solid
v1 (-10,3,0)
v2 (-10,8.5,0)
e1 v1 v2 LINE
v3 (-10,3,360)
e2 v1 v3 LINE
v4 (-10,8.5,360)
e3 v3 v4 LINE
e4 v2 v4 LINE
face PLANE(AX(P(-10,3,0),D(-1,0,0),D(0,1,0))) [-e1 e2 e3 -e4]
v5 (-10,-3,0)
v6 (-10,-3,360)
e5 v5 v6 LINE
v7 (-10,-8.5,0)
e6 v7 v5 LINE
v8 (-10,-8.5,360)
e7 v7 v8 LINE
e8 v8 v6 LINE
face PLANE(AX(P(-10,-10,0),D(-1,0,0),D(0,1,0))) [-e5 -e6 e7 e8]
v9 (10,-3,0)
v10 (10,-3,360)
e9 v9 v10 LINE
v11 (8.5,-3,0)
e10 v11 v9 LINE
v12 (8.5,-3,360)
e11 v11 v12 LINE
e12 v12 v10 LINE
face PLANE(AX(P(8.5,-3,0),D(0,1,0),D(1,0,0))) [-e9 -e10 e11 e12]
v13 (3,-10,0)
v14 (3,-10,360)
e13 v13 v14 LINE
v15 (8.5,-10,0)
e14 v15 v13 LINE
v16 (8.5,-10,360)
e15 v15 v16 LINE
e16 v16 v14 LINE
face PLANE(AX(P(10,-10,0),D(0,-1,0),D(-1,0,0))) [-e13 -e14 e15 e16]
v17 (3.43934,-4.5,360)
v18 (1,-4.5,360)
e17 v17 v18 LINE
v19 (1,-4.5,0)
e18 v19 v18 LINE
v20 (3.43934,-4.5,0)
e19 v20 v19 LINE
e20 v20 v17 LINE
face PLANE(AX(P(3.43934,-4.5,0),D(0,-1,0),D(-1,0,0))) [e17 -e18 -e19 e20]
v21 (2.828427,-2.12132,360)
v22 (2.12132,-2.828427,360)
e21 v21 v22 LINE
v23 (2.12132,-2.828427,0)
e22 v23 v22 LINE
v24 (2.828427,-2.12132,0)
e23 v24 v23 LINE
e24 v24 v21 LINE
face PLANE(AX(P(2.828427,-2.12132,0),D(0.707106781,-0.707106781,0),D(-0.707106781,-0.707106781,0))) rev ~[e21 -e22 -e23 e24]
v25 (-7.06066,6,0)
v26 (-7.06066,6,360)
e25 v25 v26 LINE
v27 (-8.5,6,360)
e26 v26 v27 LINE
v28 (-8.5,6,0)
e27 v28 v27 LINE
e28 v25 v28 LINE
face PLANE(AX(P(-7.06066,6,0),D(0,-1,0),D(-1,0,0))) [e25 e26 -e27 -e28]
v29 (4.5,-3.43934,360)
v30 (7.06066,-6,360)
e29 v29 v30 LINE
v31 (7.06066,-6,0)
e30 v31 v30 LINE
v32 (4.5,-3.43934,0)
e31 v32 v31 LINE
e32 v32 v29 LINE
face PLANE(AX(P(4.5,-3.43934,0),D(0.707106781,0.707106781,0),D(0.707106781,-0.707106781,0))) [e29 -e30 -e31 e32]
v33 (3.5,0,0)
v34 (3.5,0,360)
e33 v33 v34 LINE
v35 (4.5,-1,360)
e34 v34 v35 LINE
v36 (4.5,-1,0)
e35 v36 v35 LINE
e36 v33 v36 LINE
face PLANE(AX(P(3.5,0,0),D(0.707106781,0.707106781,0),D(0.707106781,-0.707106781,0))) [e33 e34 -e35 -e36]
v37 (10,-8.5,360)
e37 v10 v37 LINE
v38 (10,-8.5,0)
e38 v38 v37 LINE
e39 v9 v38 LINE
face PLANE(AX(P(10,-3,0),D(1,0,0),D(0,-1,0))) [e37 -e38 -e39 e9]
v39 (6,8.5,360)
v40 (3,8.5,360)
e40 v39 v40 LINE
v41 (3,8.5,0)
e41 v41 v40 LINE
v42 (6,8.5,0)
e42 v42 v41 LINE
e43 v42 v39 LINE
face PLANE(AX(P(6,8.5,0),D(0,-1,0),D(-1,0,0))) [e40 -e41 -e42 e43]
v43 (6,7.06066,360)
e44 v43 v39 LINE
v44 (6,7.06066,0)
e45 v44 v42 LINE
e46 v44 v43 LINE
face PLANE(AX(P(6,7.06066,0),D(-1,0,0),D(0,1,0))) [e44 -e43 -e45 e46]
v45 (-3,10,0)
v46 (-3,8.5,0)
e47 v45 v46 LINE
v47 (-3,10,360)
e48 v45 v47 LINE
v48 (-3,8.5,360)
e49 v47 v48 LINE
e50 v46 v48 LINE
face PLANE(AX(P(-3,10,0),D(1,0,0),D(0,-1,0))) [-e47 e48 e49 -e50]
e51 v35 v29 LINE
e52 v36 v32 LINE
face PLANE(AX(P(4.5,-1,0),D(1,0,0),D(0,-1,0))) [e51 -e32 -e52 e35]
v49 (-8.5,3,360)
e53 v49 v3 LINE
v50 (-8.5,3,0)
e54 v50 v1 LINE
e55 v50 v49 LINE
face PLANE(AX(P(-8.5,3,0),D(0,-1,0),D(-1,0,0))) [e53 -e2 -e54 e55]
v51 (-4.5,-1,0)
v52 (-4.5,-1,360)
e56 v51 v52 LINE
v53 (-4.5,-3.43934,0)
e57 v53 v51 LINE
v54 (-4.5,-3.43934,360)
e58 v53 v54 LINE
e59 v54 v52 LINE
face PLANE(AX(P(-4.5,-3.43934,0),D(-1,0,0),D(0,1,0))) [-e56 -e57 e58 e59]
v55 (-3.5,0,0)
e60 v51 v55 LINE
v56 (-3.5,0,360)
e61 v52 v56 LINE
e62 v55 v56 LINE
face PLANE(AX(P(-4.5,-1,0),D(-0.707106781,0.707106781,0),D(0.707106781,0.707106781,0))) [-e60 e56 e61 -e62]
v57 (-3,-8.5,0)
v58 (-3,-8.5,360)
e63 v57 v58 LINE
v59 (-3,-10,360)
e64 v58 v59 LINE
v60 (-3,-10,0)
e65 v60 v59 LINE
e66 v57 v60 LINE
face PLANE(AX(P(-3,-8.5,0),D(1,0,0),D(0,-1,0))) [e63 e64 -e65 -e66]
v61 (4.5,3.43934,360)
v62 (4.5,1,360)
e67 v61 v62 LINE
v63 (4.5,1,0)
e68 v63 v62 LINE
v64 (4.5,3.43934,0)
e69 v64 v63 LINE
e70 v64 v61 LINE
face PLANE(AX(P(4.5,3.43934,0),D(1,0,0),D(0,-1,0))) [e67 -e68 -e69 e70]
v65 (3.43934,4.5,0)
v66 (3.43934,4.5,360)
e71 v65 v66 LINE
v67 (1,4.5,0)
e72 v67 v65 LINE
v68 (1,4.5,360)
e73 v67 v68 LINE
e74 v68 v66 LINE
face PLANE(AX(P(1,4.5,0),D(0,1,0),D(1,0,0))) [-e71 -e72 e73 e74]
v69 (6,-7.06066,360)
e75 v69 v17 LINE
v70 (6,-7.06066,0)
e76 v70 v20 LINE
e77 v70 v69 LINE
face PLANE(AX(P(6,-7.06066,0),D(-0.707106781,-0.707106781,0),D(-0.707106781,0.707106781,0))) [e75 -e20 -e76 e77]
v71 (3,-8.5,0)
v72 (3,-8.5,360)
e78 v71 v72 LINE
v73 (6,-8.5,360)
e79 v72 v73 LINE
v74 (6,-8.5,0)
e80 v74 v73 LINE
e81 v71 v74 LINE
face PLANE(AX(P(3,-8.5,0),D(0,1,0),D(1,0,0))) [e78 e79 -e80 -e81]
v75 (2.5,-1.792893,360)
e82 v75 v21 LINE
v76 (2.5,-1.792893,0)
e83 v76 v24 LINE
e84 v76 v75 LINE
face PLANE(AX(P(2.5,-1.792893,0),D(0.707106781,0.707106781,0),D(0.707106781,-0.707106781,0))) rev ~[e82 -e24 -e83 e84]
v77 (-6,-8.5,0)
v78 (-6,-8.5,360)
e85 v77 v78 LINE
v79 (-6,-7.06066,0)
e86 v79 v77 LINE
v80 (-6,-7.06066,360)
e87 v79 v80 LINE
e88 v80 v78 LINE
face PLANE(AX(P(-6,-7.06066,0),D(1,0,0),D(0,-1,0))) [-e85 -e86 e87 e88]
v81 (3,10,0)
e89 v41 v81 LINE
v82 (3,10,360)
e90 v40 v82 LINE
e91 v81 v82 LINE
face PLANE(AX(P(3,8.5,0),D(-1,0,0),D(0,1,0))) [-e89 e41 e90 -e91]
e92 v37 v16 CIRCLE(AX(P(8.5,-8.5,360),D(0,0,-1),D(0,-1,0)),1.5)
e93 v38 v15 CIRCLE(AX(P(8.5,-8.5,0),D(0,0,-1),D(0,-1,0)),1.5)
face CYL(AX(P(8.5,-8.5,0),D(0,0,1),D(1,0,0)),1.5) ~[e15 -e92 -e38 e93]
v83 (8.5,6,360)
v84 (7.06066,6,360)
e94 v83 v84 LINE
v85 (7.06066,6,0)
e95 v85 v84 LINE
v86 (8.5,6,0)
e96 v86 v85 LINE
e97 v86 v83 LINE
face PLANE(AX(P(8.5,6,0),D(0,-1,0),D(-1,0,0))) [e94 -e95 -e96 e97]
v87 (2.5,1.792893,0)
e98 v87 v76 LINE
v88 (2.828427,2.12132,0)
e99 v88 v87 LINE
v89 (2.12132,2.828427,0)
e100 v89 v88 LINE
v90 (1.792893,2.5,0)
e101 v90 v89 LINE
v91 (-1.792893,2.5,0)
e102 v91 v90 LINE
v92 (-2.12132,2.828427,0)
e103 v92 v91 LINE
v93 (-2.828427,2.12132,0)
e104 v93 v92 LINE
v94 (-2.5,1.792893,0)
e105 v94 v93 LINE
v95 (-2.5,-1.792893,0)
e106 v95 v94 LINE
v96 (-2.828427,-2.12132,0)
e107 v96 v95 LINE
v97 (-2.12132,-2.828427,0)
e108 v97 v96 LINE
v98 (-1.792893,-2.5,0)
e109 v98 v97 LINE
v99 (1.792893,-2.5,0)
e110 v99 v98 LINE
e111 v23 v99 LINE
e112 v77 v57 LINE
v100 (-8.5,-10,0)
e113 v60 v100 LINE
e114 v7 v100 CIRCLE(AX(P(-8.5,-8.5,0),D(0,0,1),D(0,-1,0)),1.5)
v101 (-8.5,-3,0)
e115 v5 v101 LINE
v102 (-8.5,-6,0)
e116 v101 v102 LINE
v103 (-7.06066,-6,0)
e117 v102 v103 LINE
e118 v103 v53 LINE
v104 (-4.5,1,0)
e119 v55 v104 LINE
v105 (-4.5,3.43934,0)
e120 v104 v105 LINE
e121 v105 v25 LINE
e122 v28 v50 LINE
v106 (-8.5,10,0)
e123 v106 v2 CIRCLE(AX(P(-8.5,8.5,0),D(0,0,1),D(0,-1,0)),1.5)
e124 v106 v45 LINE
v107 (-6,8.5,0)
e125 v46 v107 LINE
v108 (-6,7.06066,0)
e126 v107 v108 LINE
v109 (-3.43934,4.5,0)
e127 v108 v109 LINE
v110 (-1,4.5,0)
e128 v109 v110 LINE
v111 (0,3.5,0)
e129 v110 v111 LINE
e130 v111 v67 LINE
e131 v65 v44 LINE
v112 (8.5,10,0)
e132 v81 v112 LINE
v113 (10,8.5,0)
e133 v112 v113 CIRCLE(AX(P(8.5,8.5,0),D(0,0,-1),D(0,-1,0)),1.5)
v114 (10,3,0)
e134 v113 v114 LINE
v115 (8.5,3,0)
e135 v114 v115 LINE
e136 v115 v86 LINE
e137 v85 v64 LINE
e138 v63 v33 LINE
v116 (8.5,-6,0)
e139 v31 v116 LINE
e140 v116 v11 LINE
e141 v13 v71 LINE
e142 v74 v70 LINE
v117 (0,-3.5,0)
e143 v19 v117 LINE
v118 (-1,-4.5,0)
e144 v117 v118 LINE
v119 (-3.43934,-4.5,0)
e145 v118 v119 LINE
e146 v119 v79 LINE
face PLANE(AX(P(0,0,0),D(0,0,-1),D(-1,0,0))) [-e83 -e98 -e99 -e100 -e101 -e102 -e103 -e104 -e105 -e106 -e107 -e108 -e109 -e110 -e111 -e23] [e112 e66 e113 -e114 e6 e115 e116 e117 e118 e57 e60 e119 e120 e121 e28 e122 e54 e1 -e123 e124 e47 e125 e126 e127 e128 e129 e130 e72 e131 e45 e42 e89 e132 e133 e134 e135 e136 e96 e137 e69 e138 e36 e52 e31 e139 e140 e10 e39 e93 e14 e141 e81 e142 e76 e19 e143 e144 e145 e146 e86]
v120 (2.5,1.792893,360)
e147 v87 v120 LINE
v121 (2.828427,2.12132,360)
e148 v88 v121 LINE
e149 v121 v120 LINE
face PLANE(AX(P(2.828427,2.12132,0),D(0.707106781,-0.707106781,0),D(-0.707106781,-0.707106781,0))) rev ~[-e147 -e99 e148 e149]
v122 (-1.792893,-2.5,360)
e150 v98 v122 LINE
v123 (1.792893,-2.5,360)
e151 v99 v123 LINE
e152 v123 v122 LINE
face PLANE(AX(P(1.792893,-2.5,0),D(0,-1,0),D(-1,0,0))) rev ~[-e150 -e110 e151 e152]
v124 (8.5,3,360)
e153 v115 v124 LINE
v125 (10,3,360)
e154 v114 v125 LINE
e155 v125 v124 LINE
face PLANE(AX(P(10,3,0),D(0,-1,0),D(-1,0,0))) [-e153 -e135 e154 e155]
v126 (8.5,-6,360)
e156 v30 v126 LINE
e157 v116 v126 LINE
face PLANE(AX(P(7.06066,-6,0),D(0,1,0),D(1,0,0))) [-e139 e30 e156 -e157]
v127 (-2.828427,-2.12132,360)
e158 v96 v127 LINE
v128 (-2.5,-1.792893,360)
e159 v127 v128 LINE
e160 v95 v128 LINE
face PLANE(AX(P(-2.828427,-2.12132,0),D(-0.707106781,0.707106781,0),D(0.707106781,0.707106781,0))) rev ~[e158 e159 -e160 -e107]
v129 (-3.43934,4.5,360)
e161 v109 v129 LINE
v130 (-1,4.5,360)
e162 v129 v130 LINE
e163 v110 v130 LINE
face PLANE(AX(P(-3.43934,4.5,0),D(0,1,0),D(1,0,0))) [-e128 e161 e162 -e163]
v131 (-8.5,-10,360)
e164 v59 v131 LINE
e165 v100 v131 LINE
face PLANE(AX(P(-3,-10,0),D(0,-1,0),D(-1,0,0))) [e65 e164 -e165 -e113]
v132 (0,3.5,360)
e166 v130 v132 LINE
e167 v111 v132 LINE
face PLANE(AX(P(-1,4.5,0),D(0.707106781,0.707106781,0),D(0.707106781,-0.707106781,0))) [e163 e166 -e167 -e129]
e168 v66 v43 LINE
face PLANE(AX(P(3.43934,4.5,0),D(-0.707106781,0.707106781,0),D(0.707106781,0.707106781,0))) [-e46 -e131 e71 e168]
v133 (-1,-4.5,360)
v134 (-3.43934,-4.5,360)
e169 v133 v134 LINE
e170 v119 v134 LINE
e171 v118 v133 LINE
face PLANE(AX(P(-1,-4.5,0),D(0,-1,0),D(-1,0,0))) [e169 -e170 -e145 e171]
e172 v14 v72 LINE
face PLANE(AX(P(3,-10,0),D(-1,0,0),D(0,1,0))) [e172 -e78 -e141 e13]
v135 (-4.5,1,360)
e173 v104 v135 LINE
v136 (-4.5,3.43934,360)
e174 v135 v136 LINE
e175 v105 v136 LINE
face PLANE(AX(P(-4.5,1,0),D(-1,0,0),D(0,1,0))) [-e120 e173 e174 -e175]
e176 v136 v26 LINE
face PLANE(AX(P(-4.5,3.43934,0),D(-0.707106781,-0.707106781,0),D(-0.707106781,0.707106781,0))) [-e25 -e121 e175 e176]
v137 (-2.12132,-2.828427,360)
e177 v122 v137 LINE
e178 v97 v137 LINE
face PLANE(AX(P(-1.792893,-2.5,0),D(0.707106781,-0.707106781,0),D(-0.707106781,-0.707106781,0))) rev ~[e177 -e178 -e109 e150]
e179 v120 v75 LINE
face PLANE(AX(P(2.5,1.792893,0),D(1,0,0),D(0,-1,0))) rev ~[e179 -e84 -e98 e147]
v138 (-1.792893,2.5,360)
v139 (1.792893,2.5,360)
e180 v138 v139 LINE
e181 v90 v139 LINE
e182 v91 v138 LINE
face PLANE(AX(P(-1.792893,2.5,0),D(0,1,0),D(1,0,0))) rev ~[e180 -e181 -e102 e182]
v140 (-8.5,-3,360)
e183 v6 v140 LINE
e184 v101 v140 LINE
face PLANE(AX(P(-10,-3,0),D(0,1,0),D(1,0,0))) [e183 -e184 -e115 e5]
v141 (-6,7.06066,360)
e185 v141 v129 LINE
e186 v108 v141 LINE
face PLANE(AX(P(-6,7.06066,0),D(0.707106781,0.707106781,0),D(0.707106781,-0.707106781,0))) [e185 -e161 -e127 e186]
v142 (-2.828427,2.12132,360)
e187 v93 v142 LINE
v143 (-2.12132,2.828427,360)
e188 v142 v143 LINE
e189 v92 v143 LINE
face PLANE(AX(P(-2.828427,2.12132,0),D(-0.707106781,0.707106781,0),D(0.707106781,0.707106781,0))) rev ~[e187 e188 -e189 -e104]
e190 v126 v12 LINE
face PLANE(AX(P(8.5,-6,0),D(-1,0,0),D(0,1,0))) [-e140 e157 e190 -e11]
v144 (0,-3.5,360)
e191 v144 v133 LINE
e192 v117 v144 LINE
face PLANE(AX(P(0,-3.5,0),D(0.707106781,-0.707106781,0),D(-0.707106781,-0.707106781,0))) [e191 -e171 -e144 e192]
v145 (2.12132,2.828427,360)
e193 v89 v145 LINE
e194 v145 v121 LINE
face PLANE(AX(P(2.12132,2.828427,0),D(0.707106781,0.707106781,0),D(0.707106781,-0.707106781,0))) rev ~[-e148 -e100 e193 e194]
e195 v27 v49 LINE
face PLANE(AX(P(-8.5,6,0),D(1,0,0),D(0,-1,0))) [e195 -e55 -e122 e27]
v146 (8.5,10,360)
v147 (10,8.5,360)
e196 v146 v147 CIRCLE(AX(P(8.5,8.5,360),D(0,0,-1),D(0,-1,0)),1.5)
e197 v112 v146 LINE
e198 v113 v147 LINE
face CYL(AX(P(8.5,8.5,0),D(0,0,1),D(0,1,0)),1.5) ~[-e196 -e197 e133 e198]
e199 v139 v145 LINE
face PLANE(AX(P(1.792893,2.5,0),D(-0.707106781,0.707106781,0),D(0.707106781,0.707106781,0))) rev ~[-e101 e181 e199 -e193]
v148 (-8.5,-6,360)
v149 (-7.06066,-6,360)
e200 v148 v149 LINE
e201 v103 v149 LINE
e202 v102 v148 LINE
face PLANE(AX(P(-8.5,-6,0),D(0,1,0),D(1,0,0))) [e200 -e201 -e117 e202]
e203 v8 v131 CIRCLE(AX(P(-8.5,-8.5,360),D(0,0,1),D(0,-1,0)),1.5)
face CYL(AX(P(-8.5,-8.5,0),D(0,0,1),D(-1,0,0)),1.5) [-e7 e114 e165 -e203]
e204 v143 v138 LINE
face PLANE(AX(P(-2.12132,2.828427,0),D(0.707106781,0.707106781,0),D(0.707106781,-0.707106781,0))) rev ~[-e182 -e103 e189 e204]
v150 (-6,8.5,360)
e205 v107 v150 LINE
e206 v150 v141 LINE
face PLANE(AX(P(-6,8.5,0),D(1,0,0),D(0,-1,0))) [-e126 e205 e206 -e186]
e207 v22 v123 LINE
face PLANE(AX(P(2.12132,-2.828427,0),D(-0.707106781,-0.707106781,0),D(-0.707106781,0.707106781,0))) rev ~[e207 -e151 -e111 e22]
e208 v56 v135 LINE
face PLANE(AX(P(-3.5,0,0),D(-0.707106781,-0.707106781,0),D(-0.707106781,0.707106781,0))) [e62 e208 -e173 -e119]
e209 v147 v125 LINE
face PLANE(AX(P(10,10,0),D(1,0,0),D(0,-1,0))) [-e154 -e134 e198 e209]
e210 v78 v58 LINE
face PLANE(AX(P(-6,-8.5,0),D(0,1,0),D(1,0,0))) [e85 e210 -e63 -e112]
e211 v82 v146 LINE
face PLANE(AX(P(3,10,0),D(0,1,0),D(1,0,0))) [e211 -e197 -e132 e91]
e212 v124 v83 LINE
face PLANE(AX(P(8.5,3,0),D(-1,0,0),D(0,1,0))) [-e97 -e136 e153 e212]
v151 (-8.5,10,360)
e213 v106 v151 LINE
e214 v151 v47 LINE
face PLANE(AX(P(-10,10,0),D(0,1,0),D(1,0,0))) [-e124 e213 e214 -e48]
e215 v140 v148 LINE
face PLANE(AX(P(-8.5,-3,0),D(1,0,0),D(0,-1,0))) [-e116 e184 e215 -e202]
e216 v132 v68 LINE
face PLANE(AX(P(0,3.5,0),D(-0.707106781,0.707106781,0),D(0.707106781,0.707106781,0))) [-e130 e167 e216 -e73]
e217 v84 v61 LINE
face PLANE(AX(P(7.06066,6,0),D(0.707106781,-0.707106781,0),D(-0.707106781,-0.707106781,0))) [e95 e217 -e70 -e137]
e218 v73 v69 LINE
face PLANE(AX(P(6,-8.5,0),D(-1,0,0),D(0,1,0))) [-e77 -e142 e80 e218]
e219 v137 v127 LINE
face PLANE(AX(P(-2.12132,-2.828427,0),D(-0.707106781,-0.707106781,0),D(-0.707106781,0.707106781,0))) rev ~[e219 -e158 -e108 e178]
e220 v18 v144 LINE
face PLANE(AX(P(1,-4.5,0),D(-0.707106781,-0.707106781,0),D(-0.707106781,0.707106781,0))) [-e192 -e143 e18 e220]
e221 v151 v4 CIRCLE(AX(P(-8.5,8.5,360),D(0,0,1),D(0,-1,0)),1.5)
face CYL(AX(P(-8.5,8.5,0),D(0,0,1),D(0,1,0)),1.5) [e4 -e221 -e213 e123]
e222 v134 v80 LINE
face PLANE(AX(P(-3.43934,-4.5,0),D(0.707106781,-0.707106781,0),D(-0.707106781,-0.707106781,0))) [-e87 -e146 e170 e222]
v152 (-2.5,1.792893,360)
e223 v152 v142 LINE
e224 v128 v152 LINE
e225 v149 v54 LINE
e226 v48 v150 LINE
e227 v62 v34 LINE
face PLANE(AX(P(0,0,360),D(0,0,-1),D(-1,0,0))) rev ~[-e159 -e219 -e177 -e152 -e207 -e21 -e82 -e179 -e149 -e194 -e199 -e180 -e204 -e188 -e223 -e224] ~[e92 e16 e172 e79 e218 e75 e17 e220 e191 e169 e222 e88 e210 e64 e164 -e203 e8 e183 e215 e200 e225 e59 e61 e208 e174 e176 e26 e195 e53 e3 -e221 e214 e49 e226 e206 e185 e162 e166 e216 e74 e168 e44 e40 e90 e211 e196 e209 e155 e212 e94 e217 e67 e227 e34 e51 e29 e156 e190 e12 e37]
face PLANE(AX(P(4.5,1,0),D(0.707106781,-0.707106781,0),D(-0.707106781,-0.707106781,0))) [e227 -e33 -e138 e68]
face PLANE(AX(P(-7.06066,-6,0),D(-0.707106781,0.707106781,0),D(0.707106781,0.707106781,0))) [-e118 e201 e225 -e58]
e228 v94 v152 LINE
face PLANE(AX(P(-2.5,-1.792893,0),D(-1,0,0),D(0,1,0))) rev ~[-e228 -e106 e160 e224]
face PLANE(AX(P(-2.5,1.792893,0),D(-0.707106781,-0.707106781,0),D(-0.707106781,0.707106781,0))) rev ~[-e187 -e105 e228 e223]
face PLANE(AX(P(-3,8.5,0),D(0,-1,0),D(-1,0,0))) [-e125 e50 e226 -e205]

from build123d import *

# Parameters (mm, degrees)
BOSS_EXTRUDE1_DEPTH = 360
FILLET1_R           = 1.5


with BuildPart() as part:
    # Sketch1 → Boss-Extrude1 (new body)
    with BuildSketch(Plane.XY):
        Polygon((0, 3.5), (1, 4.5), (3.439339828, 4.5), (6, 7.060660172), (6, 8.5), (3, 8.5), (3, 10), (10, 10), (10, 3), (8.5, 3), (8.5, 6), (7.060660172, 6), (4.5, 3.439339828), (4.5, 1), (3.5, 0), (4.5, -1), (4.5, -3.439339828), (7.060660172, -6), (8.5, -6), (8.5, -3), (10, -3), (10, -10), (3, -10), (3, -8.5), (6, -8.5), (6, -7.060660172), (3.439339828, -4.5), (1, -4.5), (0, -3.5), (-1, -4.5), (-3.439339828, -4.5), (-6, -7.060660172), (-6, -8.5), (-3, -8.5), (-3, -10), (-10, -10), (-10, -3), (-8.5, -3), (-8.5, -6), (-7.060660172, -6), (-4.5, -3.439339828), (-4.5, -1), (-3.5, 0), (-4.5, 1), (-4.5, 3.439339828), (-7.060660172, 6), (-8.5, 6), (-8.5, 3), (-10, 3), (-10, 10), (-3, 10), (-3, 8.5), (-6, 8.5), (-6, 7.060660172), (-3.439339828, 4.5), (-1, 4.5), align=None)
        Polygon((-1.792893219, 2.5), (1.792893219, 2.5), (2.121320344, 2.828427125), (2.828427125, 2.121320344), (2.5, 1.792893219), (2.5, -1.792893219), (2.828427125, -2.121320344), (2.121320344, -2.828427125), (1.792893219, -2.5), (-1.792893219, -2.5), (-2.121320344, -2.828427125), (-2.828427125, -2.121320344), (-2.5, -1.792893219), (-2.5, 1.792893219), (-2.828427125, 2.121320344), (-2.121320344, 2.828427125), align=None, mode=Mode.SUBTRACT)
    extrude(amount=BOSS_EXTRUDE1_DEPTH)

    # Fillet1
    fillet1_edges = [part.edges().sort_by_distance(p)[0] for p in [
        (10, 10, 180),
        (10, -10, 180),
        (-10, -10, 180),
        (-10, 10, 180),
    ]]
    fillet(fillet1_edges, radius=FILLET1_R)


solid = part.part
